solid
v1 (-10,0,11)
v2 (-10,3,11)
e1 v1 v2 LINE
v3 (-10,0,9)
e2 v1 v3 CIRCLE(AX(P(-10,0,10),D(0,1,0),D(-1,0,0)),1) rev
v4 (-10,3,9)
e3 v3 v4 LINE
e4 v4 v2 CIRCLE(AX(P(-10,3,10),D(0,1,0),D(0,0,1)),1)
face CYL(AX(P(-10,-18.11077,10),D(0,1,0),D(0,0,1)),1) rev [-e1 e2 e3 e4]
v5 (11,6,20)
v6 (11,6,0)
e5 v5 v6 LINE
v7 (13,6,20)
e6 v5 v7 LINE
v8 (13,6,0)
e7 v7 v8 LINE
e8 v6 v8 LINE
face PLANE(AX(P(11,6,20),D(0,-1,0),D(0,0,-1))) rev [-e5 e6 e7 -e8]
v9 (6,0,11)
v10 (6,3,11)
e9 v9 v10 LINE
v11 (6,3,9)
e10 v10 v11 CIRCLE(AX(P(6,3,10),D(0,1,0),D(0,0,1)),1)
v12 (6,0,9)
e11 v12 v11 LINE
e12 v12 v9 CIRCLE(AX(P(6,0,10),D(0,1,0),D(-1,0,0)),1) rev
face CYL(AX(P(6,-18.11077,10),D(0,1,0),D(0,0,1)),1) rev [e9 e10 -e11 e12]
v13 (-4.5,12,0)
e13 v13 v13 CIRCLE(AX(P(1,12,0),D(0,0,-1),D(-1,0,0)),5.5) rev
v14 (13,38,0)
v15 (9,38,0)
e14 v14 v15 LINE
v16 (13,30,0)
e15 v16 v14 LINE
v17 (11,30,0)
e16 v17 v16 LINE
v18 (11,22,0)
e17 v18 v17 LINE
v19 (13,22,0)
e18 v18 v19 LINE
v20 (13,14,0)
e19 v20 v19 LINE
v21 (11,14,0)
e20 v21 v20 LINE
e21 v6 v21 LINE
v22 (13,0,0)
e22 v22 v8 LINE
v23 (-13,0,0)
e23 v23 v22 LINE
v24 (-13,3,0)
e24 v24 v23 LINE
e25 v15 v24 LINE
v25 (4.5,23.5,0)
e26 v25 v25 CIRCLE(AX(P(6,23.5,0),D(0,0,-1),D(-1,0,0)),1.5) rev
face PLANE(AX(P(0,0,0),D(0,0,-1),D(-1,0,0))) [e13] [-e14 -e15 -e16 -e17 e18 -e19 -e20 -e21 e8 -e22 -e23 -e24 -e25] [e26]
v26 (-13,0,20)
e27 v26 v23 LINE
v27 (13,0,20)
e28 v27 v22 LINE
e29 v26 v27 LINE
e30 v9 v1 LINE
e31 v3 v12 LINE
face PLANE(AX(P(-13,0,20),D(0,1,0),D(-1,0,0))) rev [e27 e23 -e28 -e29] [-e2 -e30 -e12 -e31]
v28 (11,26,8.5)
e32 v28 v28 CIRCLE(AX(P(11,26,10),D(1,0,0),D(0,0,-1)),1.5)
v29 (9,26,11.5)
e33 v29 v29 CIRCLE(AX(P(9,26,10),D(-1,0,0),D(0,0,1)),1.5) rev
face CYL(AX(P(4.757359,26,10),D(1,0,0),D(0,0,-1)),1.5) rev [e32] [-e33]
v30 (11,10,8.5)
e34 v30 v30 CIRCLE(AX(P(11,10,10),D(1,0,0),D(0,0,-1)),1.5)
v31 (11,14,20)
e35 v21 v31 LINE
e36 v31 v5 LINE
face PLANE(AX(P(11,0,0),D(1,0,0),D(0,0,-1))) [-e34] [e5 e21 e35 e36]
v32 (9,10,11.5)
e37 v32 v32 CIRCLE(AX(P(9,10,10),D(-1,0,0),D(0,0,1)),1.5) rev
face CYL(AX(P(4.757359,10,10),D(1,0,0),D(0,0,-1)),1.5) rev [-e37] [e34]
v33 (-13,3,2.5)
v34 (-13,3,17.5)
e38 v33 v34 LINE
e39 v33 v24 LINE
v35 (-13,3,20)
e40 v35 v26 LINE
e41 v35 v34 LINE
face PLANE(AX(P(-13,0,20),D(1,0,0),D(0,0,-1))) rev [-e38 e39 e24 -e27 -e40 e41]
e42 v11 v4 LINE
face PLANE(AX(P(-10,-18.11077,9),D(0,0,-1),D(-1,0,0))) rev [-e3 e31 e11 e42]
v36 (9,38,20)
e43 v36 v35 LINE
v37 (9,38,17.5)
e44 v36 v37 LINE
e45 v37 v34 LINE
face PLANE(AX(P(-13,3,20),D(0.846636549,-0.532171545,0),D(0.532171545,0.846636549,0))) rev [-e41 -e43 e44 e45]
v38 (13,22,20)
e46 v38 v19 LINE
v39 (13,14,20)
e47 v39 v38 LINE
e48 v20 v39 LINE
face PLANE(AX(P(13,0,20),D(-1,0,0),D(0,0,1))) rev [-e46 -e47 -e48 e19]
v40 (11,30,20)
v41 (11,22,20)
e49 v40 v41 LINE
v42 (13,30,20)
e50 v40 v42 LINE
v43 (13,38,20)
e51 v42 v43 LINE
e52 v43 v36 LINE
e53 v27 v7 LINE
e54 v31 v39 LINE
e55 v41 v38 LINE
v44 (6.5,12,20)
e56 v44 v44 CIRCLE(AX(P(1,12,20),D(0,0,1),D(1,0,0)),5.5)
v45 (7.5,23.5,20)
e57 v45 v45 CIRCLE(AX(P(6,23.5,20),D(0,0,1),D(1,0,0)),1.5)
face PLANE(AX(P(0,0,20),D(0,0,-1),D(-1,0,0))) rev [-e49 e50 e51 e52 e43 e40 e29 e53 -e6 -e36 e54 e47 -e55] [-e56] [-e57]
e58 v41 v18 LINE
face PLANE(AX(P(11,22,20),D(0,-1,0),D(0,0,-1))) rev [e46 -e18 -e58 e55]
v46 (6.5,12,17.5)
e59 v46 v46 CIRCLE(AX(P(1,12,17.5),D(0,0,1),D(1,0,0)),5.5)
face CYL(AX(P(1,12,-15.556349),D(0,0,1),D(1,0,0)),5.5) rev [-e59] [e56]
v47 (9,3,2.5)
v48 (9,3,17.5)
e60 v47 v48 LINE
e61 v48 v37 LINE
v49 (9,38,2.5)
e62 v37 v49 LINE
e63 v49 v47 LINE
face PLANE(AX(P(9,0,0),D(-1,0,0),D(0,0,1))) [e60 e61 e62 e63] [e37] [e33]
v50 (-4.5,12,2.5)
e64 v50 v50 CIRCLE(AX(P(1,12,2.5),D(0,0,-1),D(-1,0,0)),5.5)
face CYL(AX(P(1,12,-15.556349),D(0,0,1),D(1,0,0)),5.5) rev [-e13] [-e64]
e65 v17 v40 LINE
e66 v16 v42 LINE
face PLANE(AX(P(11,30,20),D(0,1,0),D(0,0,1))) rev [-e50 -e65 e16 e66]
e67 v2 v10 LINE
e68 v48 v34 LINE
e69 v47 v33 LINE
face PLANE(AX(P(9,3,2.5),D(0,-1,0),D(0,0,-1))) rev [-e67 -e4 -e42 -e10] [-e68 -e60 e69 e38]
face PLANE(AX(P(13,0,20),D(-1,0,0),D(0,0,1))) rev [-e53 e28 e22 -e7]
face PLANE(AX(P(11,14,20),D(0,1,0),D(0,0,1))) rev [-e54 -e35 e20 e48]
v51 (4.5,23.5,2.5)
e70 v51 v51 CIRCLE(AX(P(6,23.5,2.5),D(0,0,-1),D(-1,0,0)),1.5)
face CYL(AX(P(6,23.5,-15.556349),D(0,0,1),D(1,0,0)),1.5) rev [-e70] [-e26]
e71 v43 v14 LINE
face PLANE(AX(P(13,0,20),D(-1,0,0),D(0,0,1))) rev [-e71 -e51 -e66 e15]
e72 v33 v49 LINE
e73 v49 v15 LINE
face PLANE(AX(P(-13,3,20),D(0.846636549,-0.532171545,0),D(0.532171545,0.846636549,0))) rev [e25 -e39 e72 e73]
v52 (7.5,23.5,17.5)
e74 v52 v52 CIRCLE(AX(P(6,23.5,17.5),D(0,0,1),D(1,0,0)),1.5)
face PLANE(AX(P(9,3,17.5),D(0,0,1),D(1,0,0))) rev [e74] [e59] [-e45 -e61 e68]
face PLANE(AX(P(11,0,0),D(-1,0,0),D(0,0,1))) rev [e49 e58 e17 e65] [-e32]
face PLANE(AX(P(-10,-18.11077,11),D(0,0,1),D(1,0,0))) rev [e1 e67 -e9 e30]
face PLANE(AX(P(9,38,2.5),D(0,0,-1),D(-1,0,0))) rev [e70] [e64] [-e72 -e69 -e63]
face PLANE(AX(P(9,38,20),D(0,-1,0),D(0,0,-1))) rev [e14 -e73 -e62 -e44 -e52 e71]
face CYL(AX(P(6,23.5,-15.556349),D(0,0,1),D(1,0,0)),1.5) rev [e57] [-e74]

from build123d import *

# Parameters (mm, degrees)
BOSS_EXTRUDE1_DEPTH = 20
SKETCH2_W           = 20
SKETCH2_H           = 8
CUT_EXTRUDE1_DEPTH  = 2
SKETCH4_W           = 15
SKETCH4_H           = 35
CUT_EXTRUDE2_DEPTH  = 22
SKETCH5_R           = 1.5
SKETCH5_R_2         = 5.5
CUT_EXTRUDE3_DEPTH  = 20
SKETCH6_R           = 1.5
CUT_EXTRUDE4_DEPTH  = 2
CUT_EXTRUDE5_DEPTH  = 3


with BuildPart() as part:
    # Sketch1 → Boss-Extrude1 (new body)
    with BuildSketch(Plane.XY):
        Polygon((-13, 0), (13, 0), (13, 38), (9, 38), (-13, 3), align=None)
    extrude(amount=BOSS_EXTRUDE1_DEPTH)

    # Sketch2 → Cut-Extrude1 (cut)
    with BuildSketch(Plane(origin=(13, 0, 0), x_dir=(0, 0, -1), z_dir=(1, 0, 0))):
        with Locations((-10, 10)):
            Rectangle(SKETCH2_W, SKETCH2_H)
        with Locations((-10, 26)):
            Rectangle(SKETCH2_W, SKETCH2_H)
    extrude(amount=-CUT_EXTRUDE1_DEPTH, mode=Mode.SUBTRACT)

    # Sketch4 → Cut-Extrude2 (cut)
    with BuildSketch(Plane.ZY.offset(13)):
        with Locations((10, 20.5)):
            Rectangle(SKETCH4_W, SKETCH4_H)
    extrude(amount=-CUT_EXTRUDE2_DEPTH, mode=Mode.SUBTRACT)

    # Sketch5 → Cut-Extrude3 (cut)
    with BuildSketch(Plane.XY.offset(20)):
        with Locations((6, 23.5)):
            Circle(SKETCH5_R)
        with Locations((1, 12)):
            Circle(SKETCH5_R_2)
    extrude(amount=-CUT_EXTRUDE3_DEPTH, mode=Mode.SUBTRACT)

    # Sketch6 → Cut-Extrude4 (cut)
    with BuildSketch(Plane(origin=(11, 0, 0), x_dir=(0, 0, -1), z_dir=(1, 0, 0))):
        with Locations((-10, 26)):
            Circle(SKETCH6_R)
        with Locations((-10, 10)):
            Circle(SKETCH6_R)
    extrude(amount=-CUT_EXTRUDE4_DEPTH, mode=Mode.SUBTRACT)

    # Sketch7 → Cut-Extrude5 (cut)
    with BuildSketch(Plane(origin=(0, 3, 0), x_dir=(1, 0, 0), z_dir=(0, 1, 0))):
        with BuildLine():
            Line((-10, -9), (6, -9))
            ThreePointArc((6, -9), (7, -10), (6, -11))
            Line((6, -11), (-10, -11))
            ThreePointArc((-10, -11), (-11, -10), (-10, -9))
        make_face()
    extrude(amount=-CUT_EXTRUDE5_DEPTH, mode=Mode.SUBTRACT)


solid = part.part
